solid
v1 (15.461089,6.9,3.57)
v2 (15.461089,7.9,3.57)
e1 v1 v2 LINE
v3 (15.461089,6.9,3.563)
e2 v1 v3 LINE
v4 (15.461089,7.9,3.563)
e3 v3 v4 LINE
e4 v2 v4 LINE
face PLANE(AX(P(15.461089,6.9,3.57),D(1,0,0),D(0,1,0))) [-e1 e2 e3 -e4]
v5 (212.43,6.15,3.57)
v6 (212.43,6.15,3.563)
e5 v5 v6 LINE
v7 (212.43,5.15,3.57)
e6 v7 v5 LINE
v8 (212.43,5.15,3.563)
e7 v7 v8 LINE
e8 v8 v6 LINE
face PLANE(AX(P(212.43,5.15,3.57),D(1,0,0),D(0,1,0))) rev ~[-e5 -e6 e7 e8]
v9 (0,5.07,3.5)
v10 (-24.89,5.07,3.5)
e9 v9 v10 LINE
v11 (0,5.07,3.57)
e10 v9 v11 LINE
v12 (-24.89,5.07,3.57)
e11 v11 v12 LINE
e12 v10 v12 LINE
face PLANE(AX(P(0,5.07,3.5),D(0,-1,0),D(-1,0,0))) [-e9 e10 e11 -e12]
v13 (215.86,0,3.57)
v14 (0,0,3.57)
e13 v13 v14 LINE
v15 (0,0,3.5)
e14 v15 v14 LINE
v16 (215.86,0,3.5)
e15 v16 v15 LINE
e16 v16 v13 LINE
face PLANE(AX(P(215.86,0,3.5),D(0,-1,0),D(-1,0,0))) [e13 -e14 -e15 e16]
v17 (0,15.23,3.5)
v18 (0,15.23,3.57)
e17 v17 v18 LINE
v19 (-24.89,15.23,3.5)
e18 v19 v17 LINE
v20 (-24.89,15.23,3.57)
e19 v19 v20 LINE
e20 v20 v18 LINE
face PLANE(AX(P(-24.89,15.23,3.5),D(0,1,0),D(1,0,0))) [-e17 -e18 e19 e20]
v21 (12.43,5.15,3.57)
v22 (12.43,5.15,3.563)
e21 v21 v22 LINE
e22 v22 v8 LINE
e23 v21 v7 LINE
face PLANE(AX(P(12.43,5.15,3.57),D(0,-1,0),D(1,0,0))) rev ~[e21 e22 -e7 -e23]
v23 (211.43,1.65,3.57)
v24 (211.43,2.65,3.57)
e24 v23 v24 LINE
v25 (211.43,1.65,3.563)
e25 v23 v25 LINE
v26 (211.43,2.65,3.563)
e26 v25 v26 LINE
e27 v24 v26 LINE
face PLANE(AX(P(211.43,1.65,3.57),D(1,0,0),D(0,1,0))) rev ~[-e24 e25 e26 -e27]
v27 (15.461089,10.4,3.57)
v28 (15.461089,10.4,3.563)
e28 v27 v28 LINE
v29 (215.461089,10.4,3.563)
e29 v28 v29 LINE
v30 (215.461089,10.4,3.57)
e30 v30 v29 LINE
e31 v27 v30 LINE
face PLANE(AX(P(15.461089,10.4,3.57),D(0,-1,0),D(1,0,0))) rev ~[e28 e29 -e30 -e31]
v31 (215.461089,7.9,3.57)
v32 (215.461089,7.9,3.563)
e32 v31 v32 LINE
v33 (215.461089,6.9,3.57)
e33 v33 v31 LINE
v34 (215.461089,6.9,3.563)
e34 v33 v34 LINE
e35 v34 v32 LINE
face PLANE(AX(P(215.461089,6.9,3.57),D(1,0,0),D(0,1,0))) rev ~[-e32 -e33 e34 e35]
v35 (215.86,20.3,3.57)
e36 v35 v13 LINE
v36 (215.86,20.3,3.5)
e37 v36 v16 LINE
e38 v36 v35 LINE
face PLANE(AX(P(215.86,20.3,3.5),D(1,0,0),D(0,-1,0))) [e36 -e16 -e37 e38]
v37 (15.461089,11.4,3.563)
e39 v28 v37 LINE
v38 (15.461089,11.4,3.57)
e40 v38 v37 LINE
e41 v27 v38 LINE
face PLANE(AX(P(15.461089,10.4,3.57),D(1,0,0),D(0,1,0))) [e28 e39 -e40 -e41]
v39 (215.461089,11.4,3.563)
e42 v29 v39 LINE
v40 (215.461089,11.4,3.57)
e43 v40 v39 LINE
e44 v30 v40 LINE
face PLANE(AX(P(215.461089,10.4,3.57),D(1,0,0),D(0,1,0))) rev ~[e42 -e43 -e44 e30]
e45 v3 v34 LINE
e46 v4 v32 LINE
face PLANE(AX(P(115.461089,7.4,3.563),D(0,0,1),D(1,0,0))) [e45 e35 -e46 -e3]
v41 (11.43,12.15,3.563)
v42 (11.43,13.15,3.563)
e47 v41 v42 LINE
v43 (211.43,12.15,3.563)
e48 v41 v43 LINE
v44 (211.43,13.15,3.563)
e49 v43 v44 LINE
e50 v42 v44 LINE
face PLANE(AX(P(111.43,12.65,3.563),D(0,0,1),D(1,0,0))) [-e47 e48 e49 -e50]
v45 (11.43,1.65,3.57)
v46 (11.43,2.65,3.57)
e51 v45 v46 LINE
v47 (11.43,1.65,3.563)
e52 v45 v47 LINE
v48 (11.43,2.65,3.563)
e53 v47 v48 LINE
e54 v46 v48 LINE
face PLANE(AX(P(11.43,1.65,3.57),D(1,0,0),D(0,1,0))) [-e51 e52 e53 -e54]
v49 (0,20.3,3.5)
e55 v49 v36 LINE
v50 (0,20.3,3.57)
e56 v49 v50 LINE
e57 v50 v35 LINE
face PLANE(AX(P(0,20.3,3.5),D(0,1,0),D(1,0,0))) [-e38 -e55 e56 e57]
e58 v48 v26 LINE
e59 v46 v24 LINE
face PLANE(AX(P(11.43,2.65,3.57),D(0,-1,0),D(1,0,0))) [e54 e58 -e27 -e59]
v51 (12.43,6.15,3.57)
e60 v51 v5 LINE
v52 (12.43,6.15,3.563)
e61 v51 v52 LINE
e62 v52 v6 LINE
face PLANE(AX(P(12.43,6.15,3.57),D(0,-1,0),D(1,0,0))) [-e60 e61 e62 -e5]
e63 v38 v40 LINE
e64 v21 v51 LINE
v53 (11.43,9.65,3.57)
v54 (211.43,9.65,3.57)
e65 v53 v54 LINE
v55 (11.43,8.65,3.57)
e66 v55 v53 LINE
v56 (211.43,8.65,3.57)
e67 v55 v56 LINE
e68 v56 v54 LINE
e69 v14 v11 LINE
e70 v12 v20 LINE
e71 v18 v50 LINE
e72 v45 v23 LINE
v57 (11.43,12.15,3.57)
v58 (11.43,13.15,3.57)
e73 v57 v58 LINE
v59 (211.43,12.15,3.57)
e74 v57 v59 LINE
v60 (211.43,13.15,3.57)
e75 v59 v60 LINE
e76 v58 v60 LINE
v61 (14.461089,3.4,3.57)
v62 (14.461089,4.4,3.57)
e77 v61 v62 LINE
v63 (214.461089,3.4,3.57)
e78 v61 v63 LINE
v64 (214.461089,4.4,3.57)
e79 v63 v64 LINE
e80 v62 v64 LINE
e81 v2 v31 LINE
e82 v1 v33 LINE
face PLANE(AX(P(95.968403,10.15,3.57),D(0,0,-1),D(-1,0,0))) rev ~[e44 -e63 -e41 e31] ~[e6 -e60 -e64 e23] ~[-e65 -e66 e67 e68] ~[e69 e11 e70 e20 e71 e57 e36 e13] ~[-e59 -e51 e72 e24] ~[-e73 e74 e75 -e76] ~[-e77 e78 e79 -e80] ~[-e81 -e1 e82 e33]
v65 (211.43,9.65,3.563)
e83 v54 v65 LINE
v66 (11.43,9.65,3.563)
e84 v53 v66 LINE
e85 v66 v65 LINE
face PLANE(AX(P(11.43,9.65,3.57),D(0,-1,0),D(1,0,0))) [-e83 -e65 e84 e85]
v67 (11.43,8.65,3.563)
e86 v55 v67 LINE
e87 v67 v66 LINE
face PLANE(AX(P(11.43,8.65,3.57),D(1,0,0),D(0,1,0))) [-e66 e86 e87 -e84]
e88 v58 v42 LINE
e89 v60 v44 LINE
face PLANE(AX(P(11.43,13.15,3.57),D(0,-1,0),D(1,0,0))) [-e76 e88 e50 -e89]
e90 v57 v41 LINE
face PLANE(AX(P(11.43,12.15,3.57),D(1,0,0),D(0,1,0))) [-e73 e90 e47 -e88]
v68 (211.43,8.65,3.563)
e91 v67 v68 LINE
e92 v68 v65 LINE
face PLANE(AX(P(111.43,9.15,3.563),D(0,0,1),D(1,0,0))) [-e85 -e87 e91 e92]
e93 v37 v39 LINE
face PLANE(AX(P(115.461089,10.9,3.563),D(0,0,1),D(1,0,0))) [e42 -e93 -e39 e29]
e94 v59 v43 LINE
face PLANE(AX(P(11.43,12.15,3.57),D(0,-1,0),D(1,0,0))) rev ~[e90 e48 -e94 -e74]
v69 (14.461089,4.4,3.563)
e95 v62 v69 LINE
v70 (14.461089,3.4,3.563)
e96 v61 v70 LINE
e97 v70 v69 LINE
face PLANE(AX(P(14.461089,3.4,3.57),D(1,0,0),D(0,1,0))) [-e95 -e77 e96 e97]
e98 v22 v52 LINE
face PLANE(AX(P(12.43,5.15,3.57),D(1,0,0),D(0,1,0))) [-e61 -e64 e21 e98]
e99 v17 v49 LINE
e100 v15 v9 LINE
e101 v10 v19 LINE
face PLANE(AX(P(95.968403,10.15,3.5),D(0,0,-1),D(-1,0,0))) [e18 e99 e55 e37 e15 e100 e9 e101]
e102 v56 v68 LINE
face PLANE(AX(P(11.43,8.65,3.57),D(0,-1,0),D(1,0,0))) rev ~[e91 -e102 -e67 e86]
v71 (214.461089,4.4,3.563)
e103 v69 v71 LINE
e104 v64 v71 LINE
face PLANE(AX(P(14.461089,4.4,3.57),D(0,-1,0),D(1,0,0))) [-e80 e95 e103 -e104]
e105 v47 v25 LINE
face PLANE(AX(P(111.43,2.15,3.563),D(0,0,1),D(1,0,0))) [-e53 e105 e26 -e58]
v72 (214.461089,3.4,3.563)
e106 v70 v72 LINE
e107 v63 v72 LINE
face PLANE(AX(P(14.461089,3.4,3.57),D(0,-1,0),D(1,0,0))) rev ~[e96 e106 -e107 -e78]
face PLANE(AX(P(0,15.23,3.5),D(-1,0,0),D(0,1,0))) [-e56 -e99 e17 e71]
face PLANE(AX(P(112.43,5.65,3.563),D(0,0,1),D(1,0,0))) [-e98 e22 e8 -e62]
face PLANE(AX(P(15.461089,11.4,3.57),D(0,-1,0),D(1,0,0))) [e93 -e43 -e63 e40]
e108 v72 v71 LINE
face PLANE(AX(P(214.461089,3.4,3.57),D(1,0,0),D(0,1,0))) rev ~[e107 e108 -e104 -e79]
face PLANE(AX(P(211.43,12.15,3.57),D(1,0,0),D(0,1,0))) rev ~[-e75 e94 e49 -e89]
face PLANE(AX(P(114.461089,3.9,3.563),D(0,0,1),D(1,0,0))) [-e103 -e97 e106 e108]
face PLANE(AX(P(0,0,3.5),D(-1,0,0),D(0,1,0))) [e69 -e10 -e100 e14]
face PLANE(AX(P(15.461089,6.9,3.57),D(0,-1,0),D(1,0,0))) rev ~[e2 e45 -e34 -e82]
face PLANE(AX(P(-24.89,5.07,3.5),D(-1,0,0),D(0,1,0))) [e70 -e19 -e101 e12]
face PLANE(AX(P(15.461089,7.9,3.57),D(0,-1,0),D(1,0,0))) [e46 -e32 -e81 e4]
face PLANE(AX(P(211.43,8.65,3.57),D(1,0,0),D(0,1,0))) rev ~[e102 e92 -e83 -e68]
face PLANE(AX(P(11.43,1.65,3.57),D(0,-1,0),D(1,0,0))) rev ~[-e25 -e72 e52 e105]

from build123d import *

# Parameters (mm, degrees)
PAD_DEPTH    = 0.07
SKETCH001_W  = 200
SKETCH001_H  = 1
POCKET_DEPTH = 0.007


with BuildPart() as part:
    # Sketch (on Face14 of Binder) → Pad (new body)
    with BuildSketch(Plane.XY.offset(3.5)):
        Polygon((0, 20.3), (215.86, 20.3), (215.86, 0), (0, 0), (0, 5.07), (-24.89, 5.07), (-24.89, 15.23), (0, 15.23), align=None)
    extrude(amount=PAD_DEPTH)

    # Sketch001 (on Face10 of Pad) → Pocket (cut)
    with BuildSketch(Plane.XY.offset(3.57)):
        with Locations((115.461089, 7.4)):
            Rectangle(SKETCH001_W, SKETCH001_H)
        with Locations((111.43, 2.15)):
            Rectangle(SKETCH001_W, SKETCH001_H)
        with Locations((114.461089, 3.9)):
            Rectangle(SKETCH001_W, SKETCH001_H)
        with Locations((111.43, 9.15)):
            Rectangle(SKETCH001_W, SKETCH001_H)
        with Locations((111.43, 12.65)):
            Rectangle(SKETCH001_W, SKETCH001_H)
        with Locations((112.43, 5.65)):
            Rectangle(SKETCH001_W, SKETCH001_H)
        with Locations((115.461089, 10.9)):
            Rectangle(SKETCH001_W, SKETCH001_H)
    extrude(amount=-POCKET_DEPTH, mode=Mode.SUBTRACT)


solid = part.part
